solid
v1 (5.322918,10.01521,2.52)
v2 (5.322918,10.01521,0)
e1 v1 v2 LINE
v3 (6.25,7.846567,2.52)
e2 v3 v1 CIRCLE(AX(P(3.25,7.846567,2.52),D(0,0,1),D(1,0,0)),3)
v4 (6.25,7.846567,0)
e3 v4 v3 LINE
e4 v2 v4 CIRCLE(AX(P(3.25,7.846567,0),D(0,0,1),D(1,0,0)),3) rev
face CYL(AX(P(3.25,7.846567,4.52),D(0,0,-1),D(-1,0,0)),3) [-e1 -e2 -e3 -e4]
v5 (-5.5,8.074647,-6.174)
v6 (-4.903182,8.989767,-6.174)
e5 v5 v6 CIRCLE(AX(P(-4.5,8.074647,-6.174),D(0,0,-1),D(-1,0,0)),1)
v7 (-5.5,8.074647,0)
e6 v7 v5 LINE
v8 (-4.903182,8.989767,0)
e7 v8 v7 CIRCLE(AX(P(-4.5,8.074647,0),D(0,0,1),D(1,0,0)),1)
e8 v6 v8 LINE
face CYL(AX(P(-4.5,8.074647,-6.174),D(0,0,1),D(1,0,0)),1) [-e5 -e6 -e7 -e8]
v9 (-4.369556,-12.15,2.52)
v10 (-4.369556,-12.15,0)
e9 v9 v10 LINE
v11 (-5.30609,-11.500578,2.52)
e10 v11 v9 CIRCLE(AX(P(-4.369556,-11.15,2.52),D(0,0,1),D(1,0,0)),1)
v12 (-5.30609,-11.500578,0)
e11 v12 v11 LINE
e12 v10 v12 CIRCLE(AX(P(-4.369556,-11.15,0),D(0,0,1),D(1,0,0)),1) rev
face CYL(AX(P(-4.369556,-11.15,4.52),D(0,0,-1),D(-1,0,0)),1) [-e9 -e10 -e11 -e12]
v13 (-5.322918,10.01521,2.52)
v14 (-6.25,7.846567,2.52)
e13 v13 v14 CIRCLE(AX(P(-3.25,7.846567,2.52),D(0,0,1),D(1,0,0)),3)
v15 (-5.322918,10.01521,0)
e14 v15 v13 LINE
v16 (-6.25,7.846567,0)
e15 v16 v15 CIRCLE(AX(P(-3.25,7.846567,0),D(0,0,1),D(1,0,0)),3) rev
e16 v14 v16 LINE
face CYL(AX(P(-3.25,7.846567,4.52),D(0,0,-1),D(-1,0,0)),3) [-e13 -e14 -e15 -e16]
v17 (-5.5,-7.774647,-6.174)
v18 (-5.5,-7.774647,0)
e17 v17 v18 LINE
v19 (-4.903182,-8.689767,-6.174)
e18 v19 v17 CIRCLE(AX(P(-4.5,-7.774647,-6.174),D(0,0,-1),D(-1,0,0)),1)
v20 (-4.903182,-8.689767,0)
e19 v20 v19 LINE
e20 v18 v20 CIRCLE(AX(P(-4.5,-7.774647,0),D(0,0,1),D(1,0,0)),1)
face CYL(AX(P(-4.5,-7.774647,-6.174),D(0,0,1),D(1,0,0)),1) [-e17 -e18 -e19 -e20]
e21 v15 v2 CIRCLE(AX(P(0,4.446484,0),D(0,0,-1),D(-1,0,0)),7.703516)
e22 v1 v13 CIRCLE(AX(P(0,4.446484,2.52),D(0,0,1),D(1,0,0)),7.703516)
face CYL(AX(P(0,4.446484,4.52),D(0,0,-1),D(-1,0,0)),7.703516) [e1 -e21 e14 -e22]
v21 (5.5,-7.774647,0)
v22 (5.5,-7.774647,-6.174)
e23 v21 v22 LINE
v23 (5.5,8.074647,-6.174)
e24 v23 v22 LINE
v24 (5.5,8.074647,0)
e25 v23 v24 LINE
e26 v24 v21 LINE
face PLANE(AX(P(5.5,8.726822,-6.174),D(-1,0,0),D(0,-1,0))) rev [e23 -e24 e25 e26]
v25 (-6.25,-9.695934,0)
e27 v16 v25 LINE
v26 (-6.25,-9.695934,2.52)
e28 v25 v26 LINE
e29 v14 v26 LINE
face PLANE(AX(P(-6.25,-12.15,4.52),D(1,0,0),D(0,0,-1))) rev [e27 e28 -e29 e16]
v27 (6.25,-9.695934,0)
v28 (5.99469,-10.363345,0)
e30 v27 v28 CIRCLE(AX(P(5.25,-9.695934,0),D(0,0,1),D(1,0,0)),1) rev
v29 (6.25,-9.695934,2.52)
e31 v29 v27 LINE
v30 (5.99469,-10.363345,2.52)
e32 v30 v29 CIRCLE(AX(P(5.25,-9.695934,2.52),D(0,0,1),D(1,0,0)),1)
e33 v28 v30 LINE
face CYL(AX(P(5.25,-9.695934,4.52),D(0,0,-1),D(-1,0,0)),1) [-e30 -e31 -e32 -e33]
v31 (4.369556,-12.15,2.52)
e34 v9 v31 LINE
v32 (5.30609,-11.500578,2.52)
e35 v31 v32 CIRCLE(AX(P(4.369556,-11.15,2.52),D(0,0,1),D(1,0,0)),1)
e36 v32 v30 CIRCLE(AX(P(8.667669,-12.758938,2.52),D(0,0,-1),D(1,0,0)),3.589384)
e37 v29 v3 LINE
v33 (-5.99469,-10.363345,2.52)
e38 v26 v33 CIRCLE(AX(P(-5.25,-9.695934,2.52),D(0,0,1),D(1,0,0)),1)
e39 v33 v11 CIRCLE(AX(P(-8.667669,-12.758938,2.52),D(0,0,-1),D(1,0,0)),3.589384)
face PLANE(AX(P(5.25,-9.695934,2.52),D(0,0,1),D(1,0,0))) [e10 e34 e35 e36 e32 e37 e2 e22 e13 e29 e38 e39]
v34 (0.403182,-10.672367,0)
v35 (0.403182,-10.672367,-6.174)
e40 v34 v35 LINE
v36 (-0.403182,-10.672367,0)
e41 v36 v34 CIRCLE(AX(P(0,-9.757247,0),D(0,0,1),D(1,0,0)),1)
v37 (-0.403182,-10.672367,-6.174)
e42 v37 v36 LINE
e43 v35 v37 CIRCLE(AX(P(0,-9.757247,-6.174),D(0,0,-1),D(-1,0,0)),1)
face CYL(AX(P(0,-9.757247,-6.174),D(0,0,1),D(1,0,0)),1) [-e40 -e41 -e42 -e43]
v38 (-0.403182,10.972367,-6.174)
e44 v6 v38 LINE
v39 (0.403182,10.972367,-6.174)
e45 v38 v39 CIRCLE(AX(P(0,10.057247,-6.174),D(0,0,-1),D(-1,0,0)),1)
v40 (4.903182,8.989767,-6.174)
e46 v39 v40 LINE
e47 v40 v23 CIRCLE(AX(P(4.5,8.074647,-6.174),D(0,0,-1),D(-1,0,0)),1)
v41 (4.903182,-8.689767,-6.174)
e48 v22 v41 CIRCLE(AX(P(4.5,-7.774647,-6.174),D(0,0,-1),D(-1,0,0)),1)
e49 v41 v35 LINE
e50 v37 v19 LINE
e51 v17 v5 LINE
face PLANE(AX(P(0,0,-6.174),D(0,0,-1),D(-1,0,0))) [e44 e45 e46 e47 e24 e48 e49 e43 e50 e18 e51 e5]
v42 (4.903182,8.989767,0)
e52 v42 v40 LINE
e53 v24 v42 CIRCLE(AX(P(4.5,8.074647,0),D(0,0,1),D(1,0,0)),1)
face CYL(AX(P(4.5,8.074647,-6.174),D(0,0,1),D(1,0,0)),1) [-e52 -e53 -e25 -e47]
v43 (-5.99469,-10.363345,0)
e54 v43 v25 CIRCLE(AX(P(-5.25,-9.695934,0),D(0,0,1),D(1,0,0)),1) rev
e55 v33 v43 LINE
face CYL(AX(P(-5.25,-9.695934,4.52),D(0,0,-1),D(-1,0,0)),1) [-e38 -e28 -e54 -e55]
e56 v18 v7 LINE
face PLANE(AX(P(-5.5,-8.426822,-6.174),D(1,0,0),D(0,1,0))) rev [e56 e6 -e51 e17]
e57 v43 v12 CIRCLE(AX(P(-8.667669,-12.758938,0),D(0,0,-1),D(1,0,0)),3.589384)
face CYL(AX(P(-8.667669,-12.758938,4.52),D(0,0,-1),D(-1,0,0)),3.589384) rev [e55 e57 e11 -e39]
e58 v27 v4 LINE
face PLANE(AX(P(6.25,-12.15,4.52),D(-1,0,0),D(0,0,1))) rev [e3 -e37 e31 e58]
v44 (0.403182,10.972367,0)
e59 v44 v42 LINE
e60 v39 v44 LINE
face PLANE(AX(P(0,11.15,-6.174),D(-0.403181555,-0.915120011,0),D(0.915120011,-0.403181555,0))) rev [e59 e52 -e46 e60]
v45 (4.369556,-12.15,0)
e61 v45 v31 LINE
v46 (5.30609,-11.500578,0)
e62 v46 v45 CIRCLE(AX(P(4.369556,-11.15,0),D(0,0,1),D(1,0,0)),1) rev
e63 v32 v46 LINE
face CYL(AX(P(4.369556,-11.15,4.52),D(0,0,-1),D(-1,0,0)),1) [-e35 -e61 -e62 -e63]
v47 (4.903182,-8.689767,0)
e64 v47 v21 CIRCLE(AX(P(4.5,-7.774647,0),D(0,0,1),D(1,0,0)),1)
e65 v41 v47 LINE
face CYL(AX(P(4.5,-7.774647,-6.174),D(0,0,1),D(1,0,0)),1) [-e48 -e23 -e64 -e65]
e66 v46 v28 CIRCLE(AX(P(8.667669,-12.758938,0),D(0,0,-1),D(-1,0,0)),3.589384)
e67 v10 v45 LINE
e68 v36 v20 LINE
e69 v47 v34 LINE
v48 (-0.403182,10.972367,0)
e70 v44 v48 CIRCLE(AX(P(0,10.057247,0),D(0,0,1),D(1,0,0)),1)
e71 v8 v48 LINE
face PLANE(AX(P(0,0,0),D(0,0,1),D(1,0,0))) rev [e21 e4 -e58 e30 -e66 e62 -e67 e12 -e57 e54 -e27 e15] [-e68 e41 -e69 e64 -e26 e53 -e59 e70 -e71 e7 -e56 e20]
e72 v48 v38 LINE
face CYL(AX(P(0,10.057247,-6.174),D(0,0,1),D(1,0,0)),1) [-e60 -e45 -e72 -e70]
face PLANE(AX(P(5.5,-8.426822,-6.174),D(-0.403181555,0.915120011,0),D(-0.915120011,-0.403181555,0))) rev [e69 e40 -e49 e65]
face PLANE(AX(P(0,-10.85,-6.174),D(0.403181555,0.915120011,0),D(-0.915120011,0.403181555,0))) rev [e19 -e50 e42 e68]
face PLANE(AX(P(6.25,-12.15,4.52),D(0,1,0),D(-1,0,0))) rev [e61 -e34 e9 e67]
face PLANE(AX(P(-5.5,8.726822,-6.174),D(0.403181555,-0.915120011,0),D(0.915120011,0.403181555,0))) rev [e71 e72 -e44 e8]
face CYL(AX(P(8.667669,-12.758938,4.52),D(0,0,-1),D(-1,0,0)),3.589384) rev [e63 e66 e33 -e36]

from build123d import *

# Parameters (mm, degrees)
SKICA1_W                 = 12.5
SKICA1_H                 = 24.3
P_IDAT_VYSUNUT_M1_DEPTH  = 4.52
ODEBRAT_VYSUNUT_M1_DEPTH = 4.52
ODEBRAT_VYSUNUT_M2_DEPTH = 4.52
ZAOBLIT1_R               = 1
ZAOBLIT2_R               = 3
P_IDAT_VYSUNUT_M2_DEPTH  = 6.174
ZAOBLIT4_R               = 1
ODEBRAT_VYSUNUT_M3_DEPTH = 2


with BuildPart() as part:
    # Skica1 → Přidat vysunutím1 (new body)
    with BuildSketch(Plane.XY):
        Rectangle(SKICA1_W, SKICA1_H)
    extrude(amount=P_IDAT_VYSUNUT_M1_DEPTH)

    # Skica2 → Odebrat vysunutím1 (cut)
    with BuildSketch(Plane(origin=(0, 0, 0), x_dir=(-1, 0, 0), z_dir=(0, 0, -1))):
        with BuildLine():
            Line((-6.25, 12.15), (-6.25, 8.95))
            ThreePointArc((-6.25, 8.95), (-3.510786949, 11.303490134), (0, 12.15))
            Line((0, 12.15), (-6.25, 12.15))
        make_face()
        with BuildLine():
            Line((6.25, 12.15), (0, 12.15))
            ThreePointArc((0, 12.15), (3.510786949, 11.303490134), (6.25, 8.95))
            Line((6.25, 8.95), (6.25, 12.15))
        make_face()
    extrude(amount=-ODEBRAT_VYSUNUT_M1_DEPTH, mode=Mode.SUBTRACT)

    # Skica3 → Odebrat vysunutím2 (cut)
    with BuildSketch(Plane(origin=(0, 0, 0), x_dir=(-1, 0, 0), z_dir=(0, 0, -1))):
        with BuildLine():
            Line((-6.25, -10.10590929), (-6.25, -12.15))
            Line((-6.25, -12.15), (-5.130314287, -12.15))
            ThreePointArc((-5.130314287, -12.15), (-5.519629341, -11.034545119), (-6.25, -10.10590929))
        make_face()
        with BuildLine():
            Line((6.25, -12.15), (5.130314287, -12.15))
            ThreePointArc((5.130314287, -12.15), (5.519629341, -11.034545119), (6.25, -10.10590929))
            Line((6.25, -10.10590929), (6.25, -12.15))
        make_face()
    extrude(amount=-ODEBRAT_VYSUNUT_M2_DEPTH, mode=Mode.SUBTRACT)

    # Zaoblit1
    zaoblit1_edges = [part.edges().sort_by_distance(p)[0] for p in [
        (6.25, -10.10590929, 2.26),
        (5.130314287, -12.15, 2.26),
        (-5.130314287, -12.15, 2.26),
        (-6.25, -10.10590929, 2.26),
    ]]
    fillet(zaoblit1_edges, radius=ZAOBLIT1_R)

    # Zaoblit2
    zaoblit2_edges = [part.edges().sort_by_distance(p)[0] for p in [
        (6.25, 8.95, 2.26),
        (-6.25, 8.95, 2.26),
    ]]
    fillet(zaoblit2_edges, radius=ZAOBLIT2_R)

    # Skica4 → Přidat vysunutím2 (add)
    with BuildSketch(Plane(origin=(0, 0, 0), x_dir=(-1, 0, 0), z_dir=(0, 0, -1))):
        Polygon((0, 11.15), (-5.5, 8.726822139), (-5.5, -8.426822139), (0, -10.85), (5.5, -8.426822139), (5.5, 8.726822139), align=None)
    extrude(amount=P_IDAT_VYSUNUT_M2_DEPTH)

    # Zaoblit4
    zaoblit4_edges = [part.edges().sort_by_distance(p)[0] for p in [
        (0, -10.85, -3.087),
        (-5.5, -8.426822139, -3.087),
        (-5.5, 8.726822139, -3.087),
        (0, 11.15, -3.087),
        (5.5, 8.726822139, -3.087),
        (5.5, -8.426822139, -3.087),
    ]]
    fillet(zaoblit4_edges, radius=ZAOBLIT4_R)

    # Skica5 → Odebrat vysunutím3 (cut)
    with BuildSketch(Plane.XY.offset(4.52)):
        with BuildLine():
            Line((6.25, -9.69593403), (6.25, 7.846566614))
            ThreePointArc((6.25, 7.846566614), (6.008509797, 9.025813706), (5.322917532, 10.015209717))
            ThreePointArc((5.322917532, 10.015209717), (0, 12.15), (-5.322917532, 10.015209717))
            ThreePointArc((-5.322917532, 10.015209717), (-6.008509797, 9.025813706), (-6.25, 7.846566614))
            Line((-6.25, 7.846566614), (-6.25, -9.69593403))
            ThreePointArc((-6.25, -9.69593403), (-6.183994107, -10.053222441), (-5.994689983, -10.36334457))
            ThreePointArc((-5.994689983, -10.36334457), (-5.597278437, -10.899802086), (-5.306089821, -11.500578079))
            ThreePointArc((-5.306089821, -11.500578079), (-4.939390465, -11.971759721), (-4.369556313, -12.15))
            Line((-4.369556313, -12.15), (4.369556313, -12.15))
            ThreePointArc((4.369556313, -12.15), (4.939390465, -11.971759721), (5.306089821, -11.500578079))
            ThreePointArc((5.306089821, -11.500578079), (5.597278437, -10.899802086), (5.994689983, -10.36334457))
            ThreePointArc((5.994689983, -10.36334457), (6.183994107, -10.053222441), (6.25, -9.69593403))
        make_face()
    extrude(amount=-ODEBRAT_VYSUNUT_M3_DEPTH, mode=Mode.SUBTRACT)


solid = part.part
